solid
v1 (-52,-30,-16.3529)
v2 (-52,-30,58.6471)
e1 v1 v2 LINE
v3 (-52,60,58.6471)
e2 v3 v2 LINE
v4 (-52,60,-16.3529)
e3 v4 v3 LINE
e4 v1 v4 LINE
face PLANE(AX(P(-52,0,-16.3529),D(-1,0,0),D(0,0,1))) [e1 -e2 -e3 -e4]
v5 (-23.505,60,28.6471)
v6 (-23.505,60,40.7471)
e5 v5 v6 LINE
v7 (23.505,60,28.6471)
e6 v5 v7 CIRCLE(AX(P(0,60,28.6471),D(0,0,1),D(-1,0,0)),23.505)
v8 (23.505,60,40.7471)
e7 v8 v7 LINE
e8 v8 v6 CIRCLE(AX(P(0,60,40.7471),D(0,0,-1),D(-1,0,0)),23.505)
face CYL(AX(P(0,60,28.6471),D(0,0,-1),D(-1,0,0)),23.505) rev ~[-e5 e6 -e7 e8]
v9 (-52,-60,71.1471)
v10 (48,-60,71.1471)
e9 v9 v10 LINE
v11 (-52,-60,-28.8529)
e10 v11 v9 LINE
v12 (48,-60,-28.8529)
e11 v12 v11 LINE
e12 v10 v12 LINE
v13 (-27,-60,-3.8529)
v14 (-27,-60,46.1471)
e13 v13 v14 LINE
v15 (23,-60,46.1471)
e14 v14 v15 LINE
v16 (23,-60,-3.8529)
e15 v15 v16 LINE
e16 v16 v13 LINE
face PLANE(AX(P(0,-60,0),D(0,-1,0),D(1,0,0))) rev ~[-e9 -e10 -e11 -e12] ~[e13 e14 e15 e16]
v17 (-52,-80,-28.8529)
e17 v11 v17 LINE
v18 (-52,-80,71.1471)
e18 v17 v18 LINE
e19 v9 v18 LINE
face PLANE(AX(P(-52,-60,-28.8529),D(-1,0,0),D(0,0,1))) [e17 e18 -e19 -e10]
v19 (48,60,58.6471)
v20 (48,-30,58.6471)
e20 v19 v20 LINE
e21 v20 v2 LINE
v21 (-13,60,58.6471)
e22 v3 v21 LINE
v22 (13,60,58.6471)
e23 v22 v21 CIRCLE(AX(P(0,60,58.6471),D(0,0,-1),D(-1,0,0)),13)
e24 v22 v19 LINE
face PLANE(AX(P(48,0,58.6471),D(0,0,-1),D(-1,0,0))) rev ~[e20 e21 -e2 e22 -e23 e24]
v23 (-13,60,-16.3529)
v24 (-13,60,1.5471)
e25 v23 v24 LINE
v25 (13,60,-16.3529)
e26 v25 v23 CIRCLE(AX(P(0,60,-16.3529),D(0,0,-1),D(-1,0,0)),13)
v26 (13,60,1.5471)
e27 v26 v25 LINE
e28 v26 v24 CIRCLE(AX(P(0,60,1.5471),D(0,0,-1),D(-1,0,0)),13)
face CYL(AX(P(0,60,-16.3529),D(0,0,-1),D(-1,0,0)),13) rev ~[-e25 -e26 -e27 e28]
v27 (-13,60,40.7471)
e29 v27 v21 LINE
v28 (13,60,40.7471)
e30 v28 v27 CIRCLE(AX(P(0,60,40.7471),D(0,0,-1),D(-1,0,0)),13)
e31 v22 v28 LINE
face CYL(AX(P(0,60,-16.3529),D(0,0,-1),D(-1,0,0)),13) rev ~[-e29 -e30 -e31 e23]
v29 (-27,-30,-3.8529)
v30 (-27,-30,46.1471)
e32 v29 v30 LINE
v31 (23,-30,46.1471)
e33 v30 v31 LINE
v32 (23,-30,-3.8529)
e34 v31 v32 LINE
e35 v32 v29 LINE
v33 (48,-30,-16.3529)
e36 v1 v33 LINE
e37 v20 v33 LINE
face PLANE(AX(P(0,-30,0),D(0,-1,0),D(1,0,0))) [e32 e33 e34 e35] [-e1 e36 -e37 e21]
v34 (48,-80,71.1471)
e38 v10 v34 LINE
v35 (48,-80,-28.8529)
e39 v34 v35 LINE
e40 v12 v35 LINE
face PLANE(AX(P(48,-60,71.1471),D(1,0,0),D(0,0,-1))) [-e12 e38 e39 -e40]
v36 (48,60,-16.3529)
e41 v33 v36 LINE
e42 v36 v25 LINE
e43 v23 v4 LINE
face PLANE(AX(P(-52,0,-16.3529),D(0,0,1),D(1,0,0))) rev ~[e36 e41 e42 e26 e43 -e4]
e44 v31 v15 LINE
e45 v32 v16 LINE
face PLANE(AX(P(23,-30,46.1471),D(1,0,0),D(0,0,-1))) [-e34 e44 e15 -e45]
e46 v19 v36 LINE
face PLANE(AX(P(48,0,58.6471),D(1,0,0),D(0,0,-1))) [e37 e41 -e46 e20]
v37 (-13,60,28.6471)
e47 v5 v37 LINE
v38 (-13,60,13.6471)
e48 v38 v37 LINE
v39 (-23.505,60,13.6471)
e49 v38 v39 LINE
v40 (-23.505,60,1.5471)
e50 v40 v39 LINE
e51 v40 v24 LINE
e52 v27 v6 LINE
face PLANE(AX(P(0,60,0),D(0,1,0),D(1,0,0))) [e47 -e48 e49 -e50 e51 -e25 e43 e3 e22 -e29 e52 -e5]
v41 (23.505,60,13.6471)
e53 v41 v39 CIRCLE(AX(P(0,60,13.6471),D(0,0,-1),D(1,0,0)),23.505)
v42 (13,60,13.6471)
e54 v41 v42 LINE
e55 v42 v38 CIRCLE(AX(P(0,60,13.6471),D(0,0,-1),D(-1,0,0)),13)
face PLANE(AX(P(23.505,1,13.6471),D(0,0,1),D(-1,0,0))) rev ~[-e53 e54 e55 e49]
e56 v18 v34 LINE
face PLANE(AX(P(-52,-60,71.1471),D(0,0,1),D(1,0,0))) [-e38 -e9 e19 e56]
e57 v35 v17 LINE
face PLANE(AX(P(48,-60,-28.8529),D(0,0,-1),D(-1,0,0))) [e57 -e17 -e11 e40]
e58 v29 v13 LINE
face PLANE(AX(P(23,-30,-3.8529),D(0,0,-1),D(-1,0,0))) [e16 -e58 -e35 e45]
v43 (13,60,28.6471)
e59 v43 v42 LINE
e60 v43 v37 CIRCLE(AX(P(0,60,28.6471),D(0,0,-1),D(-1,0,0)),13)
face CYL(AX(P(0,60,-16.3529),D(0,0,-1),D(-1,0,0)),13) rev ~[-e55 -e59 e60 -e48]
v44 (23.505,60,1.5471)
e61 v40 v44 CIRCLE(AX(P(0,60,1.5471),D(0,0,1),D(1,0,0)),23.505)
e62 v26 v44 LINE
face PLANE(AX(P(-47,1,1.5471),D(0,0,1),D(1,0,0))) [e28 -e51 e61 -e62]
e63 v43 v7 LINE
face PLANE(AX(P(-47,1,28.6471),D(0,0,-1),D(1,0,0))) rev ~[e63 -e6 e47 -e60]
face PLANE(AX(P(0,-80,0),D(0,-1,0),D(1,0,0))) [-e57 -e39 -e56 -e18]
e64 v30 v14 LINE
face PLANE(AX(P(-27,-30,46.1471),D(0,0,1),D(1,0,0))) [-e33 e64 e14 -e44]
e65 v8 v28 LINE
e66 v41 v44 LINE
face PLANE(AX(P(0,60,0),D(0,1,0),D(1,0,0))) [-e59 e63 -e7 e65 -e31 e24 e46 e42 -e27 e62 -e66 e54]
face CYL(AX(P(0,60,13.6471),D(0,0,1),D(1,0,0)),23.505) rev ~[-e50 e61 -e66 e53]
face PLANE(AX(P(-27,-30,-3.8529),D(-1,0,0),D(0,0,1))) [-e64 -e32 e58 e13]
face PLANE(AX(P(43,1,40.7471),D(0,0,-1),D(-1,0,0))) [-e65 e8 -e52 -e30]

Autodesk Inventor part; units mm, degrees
ref_plane "YZ Plane" through (0, 0, 0) normal (1, 0, 0) x (0, 1, 0)
ref_plane "XZ Plane" through (0, 0, 0) normal (0, 1, 0) x (-1, 0, 0)
ref_plane "XY Plane" through (0, 0, 0) normal (0, 0, 1) x (1, 0, 0)
sketch "Sketch1" plane through (0, 0, 0) normal (0, 1, 0) x (-1, 0, 0)
  line L0 (52, 58.6471) -> (-48, 58.6471)
  line L1 (-48, 58.6471) -> (-48, -16.3529)
  line L2 (-48, -16.3529) -> (52, -16.3529)
  line L3 (52, -16.3529) -> (52, 58.6471)
  point P0 (0, 0)
  dimension "d0" = 100
  dimension "d1" = 75
extrude "Extrusion1" add sketch "Sketch1" along normal blind 60
sketch "Sketch2" plane through (0, 60, 0) normal (0, 1, 0) x (1, 0, 0)
  line L0 (-47, -53.6471) -> (43, -53.6471)
  line L1 (43, -53.6471) -> (43, 11.3529)
  line L2 (43, 11.3529) -> (-47, 11.3529)
  line L3 (-47, 11.3529) -> (-47, -53.6471)
  line L4 (-52, 16.3529) -> (-52, -58.6471) projected
  line L5 (-52, -58.6471) -> (48, -58.6471) projected
  line L6 (48, 16.3529) -> (-52, 16.3529) projected
  line L7 (48, -58.6471) -> (48, 16.3529) projected
  point P0 (0, 0)
  dimension "d4" = 5
  dimension "d5" = 5
  dimension "d6" = 5
  dimension "d7" = 5
extrude "Extrusion2" cut sketch "Sketch2" against normal blind 59 contours L3 L2 L1 L0
sketch "Sketch3" plane through (48, 0, -16.3529) normal (0, 0, -1) x (-1, 0, 0)
  circle A0 centre (48, 60) radius 13
  point P0 (48, 0)
  dimension "d10" = 26
  dimension "d11" = 60
sketch "Sketch13" plane through (0, 1, 0) normal (0, 1, 0) x (1, 0, 0)
  line L0 (-47, -53.6471) -> (-47, 11.3529) projected
  line L1 (43, 11.3529) -> (43, -53.6471) projected
  line L2 (-47, 11.3529) -> (43, 11.3529)
  line L3 (43, 11.3529) -> (43, -13.6471)
  line L4 (43, -13.6471) -> (-47, -13.6471)
  line L5 (-47, -13.6471) -> (-47, 11.3529)
  point P0 (0, 0)
  dimension "d44" = 25
extrude "Extrusion14" add sketch "Sketch13" along normal blind 59
sketch "Sketch14" plane through (-47, 1, 13.6471) normal (0, 0, 1) x (1, 0, 0)
  line L0 (0, 59) -> (90, 59) projected
  circle A0 centre (47, 59) radius 23.505
  point P0 (47, -1)
  dimension "d47" = 47.01
extrude "Extrusion15" cut sketch "Sketch14" against normal blind 12.1
sketch "Sketch15" plane through (0, 1, 0) normal (0, 1, 0) x (1, 0, 0)
  line L0 (-47, -53.6471) -> (-47, -13.6471) projected
  line L1 (43, -13.6471) -> (43, -53.6471) projected
  line L2 (-47, -53.6471) -> (43, -53.6471)
  line L3 (43, -53.6471) -> (43, -28.6471)
  line L4 (43, -28.6471) -> (-47, -28.6471)
  line L5 (-47, -28.6471) -> (-47, -53.6471)
  point P0 (0, 0)
  point P1 (-47, -28.6471)
  dimension "d50" = 25
extrude "Extrusion16" add sketch "Sketch15" along normal blind 59
sketch "Sketch16" plane through (43, 1, 28.6471) normal (0, 0, -1) x (-1, 0, 0)
  line L0 (0, 59) -> (90, 59) projected
  circle A0 centre (43, 59) radius 23.505
  point P0 (43, -1)
  dimension "d53" = 47.01
extrude "Extrusion17" cut sketch "Sketch16" against normal blind 12.1
sketch "Sketch17" plane through (0, 1, 0) normal (0, 1, 0) x (1, 0, 0)
  line L0 (23.505, -13.6471) -> (43, -13.6471) projected
  line L1 (-47, -28.6471) -> (43, -28.6471)
  line L2 (43, -28.6471) -> (43, -13.6471)
  line L3 (43, -13.6471) -> (-47, -13.6471)
  line L4 (-47, -13.6471) -> (-47, -28.6471)
  point P0 (0, 0)
extrude "Extrusion18" add sketch "Sketch17" along normal blind 59
extrude "Extrusion19" cut sketch "Sketch3" against normal blind 75
sketch "Sketch19" plane through (0, 0, 0) normal (0, -1, 0) x (1, 0, 0)
  line L0 (48, 58.6471) -> (48, -16.3529) projected
  line L1 (-52, -16.3529) -> (-52, 58.6471) projected
  line L2 (48, 58.6471) -> (-52, 58.6471)
  line L3 (-52, 58.6471) -> (-52, -16.3529)
  line L4 (-52, -16.3529) -> (48, -16.3529)
  line L5 (48, -16.3529) -> (48, 58.6471)
  point P0 (0, 0)
extrude "Extrusion21" add sketch "Sketch19" along normal blind 30
sketch "Sketch20" plane through (0, -30, 0) normal (0, -1, 0) x (1, 0, 0)
  point P0 (0, 0)
sketch "Sketch21" plane through (0, -30, 0) normal (0, -1, 0) x (1, 0, 0)
  line L0 (23, -3.8529) -> (-27, -3.8529)
  line L1 (-27, -3.8529) -> (-27, 46.1471)
  line L2 (-27, 46.1471) -> (23, 46.1471)
  line L3 (23, 46.1471) -> (23, -3.8529)
  line L4 (-52, -16.3529) -> (48, -16.3529) projected
  line L5 (48, 58.6471) -> (-52, 58.6471) projected
  line L6 (-52, 58.6471) -> (-52, -16.3529) projected
  line L7 (48, -16.3529) -> (48, 58.6471) projected
  point P0 (0, 0)
  dimension "d66" = 12.5
  dimension "d67" = 12.5
  dimension "d68" = 25
  dimension "d69" = 25
extrude "Extrusion22" add sketch "Sketch21" along normal blind 30 contours L0 L1 L2 L3
sketch "Sketch22" plane through (0, -60, 0) normal (0, -1, 0) x (1, 0, 0)
  line L0 (48, -28.8529) -> (-52, -28.8529)
  line L1 (-52, -28.8529) -> (-52, 71.1471)
  line L2 (-52, 71.1471) -> (48, 71.1471)
  line L3 (48, 71.1471) -> (48, -28.8529)
  line L4 (-27, -3.8529) -> (23, -3.8529) projected
  line L5 (23, -3.8529) -> (23, 46.1471) projected
  line L6 (23, 46.1471) -> (-27, 46.1471) projected
  line L7 (-27, 46.1471) -> (-27, -3.8529) projected
  point P0 (0, 0)
  dimension "d72" = 25
  dimension "d73" = 25
  dimension "d74" = 25
  dimension "d75" = 25
extrude "Extrusion23" add sketch "Sketch22" along normal blind 20 contours L0 L1 L2 L3 | L7 L6 L5 L4
equation "\"d6\" = d5"
equation "\"d7\" = d4"
equation "\"d67\" = d66"
equation "\"d68\" = d69"
equation "\"d72\" = d73"
equation "\"d74\" = d73"
equation "\"d75\" = d73"
properties part number "casing bottom"
